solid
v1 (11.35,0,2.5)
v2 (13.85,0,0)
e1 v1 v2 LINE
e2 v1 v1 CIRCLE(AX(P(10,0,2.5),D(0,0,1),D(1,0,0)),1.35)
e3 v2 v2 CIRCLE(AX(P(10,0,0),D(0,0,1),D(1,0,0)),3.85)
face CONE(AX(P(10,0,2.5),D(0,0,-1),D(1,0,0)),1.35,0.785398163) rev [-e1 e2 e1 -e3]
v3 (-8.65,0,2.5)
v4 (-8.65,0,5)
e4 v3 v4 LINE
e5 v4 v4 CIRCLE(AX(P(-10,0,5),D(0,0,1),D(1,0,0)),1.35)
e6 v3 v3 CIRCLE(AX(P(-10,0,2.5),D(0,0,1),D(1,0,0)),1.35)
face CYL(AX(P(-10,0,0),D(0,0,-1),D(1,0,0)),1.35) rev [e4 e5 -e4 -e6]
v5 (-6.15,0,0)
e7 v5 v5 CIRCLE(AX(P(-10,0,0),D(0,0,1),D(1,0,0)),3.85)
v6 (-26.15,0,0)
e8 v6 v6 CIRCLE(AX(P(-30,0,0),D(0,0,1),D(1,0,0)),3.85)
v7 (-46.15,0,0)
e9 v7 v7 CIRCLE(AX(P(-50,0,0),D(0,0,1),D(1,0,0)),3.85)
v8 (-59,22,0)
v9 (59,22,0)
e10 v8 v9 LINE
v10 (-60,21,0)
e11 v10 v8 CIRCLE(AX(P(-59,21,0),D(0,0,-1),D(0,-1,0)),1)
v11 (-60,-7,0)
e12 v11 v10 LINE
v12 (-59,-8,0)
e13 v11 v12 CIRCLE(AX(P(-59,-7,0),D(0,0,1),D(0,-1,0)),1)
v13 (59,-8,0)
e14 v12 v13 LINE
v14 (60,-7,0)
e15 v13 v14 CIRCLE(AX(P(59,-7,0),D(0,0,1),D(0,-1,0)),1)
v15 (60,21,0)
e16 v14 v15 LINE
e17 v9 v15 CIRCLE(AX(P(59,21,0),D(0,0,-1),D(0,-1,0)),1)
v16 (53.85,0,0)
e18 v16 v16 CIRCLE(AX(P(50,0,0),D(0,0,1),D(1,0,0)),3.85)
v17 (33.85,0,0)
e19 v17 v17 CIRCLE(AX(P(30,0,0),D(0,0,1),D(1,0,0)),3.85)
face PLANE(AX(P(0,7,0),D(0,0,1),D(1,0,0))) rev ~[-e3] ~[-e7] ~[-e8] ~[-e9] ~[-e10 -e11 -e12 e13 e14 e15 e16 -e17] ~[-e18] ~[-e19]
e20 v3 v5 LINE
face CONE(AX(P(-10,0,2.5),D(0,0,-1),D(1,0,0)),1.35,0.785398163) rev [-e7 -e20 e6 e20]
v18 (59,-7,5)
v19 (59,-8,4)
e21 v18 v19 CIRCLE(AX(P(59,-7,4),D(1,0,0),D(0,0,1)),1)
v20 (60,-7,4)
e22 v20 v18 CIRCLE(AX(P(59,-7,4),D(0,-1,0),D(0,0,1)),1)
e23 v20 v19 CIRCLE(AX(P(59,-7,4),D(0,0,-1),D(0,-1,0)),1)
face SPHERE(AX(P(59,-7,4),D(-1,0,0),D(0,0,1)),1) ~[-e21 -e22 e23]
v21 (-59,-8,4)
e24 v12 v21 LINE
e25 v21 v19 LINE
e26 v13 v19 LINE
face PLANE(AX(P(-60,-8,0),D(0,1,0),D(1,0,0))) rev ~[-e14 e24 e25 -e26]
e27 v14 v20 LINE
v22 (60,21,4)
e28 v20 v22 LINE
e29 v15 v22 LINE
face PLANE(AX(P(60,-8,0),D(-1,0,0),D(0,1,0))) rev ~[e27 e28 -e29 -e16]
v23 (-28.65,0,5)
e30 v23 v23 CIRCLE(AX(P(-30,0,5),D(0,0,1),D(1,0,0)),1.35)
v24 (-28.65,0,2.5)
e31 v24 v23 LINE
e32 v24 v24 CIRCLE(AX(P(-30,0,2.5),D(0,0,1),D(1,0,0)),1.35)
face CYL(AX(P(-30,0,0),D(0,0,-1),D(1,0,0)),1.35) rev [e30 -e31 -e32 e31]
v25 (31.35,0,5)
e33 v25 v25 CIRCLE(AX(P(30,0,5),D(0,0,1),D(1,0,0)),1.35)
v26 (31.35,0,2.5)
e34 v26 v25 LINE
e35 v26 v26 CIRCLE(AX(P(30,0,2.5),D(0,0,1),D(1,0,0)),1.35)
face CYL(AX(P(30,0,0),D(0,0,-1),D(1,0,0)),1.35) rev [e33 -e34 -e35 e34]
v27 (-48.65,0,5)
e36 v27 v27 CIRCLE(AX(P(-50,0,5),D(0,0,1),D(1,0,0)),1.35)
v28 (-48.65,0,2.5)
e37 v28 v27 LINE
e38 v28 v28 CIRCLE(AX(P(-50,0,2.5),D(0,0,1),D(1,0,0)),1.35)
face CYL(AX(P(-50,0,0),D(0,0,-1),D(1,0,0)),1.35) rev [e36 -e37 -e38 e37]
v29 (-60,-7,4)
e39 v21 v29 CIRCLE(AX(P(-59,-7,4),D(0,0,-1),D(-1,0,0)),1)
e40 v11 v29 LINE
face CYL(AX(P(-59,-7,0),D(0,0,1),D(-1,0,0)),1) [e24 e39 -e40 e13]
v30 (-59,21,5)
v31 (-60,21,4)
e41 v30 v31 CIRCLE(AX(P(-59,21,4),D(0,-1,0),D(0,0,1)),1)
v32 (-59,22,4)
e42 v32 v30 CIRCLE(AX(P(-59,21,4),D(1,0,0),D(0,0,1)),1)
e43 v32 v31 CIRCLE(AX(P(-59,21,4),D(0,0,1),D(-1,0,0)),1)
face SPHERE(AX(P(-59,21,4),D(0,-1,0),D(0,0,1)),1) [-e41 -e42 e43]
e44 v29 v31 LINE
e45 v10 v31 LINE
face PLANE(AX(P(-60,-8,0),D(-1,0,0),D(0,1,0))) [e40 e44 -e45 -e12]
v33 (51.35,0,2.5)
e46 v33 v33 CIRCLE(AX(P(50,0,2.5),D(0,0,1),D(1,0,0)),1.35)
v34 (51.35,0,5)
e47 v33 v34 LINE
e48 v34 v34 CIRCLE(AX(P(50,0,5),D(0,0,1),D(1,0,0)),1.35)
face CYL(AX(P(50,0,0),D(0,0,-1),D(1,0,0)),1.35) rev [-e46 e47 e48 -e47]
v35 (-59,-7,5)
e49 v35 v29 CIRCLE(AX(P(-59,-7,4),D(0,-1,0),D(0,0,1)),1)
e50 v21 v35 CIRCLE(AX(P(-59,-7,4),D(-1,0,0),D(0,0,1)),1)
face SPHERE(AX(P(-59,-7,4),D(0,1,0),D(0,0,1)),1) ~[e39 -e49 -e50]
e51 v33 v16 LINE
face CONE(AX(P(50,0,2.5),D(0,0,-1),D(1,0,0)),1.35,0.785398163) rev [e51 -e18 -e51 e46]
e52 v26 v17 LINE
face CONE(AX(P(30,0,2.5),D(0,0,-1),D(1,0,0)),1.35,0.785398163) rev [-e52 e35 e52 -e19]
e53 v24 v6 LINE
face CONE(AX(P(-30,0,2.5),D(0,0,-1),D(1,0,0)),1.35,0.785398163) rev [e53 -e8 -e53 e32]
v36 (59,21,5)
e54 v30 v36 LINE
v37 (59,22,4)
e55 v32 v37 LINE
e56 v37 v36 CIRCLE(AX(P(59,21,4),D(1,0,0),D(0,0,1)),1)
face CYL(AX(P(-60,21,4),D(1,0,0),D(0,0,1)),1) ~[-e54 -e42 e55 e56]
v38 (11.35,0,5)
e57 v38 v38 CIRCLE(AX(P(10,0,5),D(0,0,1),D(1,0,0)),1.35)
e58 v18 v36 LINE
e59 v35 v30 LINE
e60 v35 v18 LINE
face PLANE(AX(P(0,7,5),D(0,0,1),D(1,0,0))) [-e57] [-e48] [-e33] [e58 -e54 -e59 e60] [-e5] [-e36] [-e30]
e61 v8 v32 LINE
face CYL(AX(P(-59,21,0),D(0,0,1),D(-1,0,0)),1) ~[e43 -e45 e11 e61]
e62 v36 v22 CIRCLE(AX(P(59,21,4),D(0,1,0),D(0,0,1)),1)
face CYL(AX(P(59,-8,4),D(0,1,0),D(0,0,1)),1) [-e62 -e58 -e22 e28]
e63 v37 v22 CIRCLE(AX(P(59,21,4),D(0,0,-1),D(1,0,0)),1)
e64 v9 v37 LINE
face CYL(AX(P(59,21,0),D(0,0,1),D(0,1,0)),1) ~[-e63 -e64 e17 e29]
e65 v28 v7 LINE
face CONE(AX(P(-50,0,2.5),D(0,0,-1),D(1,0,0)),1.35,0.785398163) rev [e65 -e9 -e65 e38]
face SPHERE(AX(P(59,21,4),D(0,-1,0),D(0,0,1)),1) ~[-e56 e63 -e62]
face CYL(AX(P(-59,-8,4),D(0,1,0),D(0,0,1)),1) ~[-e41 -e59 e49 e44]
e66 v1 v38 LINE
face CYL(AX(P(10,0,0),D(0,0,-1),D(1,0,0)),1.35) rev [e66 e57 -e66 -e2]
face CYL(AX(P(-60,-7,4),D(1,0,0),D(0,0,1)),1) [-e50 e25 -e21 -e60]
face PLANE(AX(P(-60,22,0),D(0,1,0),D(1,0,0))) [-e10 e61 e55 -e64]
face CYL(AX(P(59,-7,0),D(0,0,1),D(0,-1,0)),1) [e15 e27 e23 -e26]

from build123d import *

# Parameters (mm, degrees)
F0_W     = 120
F0_H     = 30
F0_R     = 1.35
F1_DEPTH = 5
F2_SIZE  = 2.5
F3_R     = 1


with BuildPart() as f1:
    # F0 (on Top) → F1 (new body)
    with BuildSketch(Plane.XY):
        with Locations((0, 7)):
            Rectangle(F0_W, F0_H)
        with Locations((-50, 0)):
            Circle(F0_R, mode=Mode.SUBTRACT)
        with Locations((-30, 0)):
            Circle(F0_R, mode=Mode.SUBTRACT)
        with Locations((-10, 0)):
            Circle(F0_R, mode=Mode.SUBTRACT)
        with Locations((10, 0)):
            Circle(F0_R, mode=Mode.SUBTRACT)
        with Locations((30, 0)):
            Circle(F0_R, mode=Mode.SUBTRACT)
        with Locations((50, 0)):
            Circle(F0_R, mode=Mode.SUBTRACT)
    extrude(amount=F1_DEPTH)

    # F2
    f2_edges = [f1.edges().sort_by_distance(p)[0] for p in [
        (-51.35, 0, 0),
        (-31.35, 0, 0),
        (-11.35, 0, 0),
        (8.65, 0, 0),
        (28.65, 0, 0),
        (48.65, 0, 0),
    ]]
    chamfer(f2_edges, length=F2_SIZE)

    # F3
    f3_edges = [f1.edges().sort_by_distance(p)[0] for p in [
        (-60, 7, 5),
        (0, -8, 5),
        (60, 7, 5),
        (0, 22, 5),
        (60, 22, 2.5),
        (60, -8, 2.5),
        (-60, -8, 2.5),
        (-60, 22, 2.5),
    ]]
    fillet(f3_edges, radius=F3_R)


solid = f1.part
